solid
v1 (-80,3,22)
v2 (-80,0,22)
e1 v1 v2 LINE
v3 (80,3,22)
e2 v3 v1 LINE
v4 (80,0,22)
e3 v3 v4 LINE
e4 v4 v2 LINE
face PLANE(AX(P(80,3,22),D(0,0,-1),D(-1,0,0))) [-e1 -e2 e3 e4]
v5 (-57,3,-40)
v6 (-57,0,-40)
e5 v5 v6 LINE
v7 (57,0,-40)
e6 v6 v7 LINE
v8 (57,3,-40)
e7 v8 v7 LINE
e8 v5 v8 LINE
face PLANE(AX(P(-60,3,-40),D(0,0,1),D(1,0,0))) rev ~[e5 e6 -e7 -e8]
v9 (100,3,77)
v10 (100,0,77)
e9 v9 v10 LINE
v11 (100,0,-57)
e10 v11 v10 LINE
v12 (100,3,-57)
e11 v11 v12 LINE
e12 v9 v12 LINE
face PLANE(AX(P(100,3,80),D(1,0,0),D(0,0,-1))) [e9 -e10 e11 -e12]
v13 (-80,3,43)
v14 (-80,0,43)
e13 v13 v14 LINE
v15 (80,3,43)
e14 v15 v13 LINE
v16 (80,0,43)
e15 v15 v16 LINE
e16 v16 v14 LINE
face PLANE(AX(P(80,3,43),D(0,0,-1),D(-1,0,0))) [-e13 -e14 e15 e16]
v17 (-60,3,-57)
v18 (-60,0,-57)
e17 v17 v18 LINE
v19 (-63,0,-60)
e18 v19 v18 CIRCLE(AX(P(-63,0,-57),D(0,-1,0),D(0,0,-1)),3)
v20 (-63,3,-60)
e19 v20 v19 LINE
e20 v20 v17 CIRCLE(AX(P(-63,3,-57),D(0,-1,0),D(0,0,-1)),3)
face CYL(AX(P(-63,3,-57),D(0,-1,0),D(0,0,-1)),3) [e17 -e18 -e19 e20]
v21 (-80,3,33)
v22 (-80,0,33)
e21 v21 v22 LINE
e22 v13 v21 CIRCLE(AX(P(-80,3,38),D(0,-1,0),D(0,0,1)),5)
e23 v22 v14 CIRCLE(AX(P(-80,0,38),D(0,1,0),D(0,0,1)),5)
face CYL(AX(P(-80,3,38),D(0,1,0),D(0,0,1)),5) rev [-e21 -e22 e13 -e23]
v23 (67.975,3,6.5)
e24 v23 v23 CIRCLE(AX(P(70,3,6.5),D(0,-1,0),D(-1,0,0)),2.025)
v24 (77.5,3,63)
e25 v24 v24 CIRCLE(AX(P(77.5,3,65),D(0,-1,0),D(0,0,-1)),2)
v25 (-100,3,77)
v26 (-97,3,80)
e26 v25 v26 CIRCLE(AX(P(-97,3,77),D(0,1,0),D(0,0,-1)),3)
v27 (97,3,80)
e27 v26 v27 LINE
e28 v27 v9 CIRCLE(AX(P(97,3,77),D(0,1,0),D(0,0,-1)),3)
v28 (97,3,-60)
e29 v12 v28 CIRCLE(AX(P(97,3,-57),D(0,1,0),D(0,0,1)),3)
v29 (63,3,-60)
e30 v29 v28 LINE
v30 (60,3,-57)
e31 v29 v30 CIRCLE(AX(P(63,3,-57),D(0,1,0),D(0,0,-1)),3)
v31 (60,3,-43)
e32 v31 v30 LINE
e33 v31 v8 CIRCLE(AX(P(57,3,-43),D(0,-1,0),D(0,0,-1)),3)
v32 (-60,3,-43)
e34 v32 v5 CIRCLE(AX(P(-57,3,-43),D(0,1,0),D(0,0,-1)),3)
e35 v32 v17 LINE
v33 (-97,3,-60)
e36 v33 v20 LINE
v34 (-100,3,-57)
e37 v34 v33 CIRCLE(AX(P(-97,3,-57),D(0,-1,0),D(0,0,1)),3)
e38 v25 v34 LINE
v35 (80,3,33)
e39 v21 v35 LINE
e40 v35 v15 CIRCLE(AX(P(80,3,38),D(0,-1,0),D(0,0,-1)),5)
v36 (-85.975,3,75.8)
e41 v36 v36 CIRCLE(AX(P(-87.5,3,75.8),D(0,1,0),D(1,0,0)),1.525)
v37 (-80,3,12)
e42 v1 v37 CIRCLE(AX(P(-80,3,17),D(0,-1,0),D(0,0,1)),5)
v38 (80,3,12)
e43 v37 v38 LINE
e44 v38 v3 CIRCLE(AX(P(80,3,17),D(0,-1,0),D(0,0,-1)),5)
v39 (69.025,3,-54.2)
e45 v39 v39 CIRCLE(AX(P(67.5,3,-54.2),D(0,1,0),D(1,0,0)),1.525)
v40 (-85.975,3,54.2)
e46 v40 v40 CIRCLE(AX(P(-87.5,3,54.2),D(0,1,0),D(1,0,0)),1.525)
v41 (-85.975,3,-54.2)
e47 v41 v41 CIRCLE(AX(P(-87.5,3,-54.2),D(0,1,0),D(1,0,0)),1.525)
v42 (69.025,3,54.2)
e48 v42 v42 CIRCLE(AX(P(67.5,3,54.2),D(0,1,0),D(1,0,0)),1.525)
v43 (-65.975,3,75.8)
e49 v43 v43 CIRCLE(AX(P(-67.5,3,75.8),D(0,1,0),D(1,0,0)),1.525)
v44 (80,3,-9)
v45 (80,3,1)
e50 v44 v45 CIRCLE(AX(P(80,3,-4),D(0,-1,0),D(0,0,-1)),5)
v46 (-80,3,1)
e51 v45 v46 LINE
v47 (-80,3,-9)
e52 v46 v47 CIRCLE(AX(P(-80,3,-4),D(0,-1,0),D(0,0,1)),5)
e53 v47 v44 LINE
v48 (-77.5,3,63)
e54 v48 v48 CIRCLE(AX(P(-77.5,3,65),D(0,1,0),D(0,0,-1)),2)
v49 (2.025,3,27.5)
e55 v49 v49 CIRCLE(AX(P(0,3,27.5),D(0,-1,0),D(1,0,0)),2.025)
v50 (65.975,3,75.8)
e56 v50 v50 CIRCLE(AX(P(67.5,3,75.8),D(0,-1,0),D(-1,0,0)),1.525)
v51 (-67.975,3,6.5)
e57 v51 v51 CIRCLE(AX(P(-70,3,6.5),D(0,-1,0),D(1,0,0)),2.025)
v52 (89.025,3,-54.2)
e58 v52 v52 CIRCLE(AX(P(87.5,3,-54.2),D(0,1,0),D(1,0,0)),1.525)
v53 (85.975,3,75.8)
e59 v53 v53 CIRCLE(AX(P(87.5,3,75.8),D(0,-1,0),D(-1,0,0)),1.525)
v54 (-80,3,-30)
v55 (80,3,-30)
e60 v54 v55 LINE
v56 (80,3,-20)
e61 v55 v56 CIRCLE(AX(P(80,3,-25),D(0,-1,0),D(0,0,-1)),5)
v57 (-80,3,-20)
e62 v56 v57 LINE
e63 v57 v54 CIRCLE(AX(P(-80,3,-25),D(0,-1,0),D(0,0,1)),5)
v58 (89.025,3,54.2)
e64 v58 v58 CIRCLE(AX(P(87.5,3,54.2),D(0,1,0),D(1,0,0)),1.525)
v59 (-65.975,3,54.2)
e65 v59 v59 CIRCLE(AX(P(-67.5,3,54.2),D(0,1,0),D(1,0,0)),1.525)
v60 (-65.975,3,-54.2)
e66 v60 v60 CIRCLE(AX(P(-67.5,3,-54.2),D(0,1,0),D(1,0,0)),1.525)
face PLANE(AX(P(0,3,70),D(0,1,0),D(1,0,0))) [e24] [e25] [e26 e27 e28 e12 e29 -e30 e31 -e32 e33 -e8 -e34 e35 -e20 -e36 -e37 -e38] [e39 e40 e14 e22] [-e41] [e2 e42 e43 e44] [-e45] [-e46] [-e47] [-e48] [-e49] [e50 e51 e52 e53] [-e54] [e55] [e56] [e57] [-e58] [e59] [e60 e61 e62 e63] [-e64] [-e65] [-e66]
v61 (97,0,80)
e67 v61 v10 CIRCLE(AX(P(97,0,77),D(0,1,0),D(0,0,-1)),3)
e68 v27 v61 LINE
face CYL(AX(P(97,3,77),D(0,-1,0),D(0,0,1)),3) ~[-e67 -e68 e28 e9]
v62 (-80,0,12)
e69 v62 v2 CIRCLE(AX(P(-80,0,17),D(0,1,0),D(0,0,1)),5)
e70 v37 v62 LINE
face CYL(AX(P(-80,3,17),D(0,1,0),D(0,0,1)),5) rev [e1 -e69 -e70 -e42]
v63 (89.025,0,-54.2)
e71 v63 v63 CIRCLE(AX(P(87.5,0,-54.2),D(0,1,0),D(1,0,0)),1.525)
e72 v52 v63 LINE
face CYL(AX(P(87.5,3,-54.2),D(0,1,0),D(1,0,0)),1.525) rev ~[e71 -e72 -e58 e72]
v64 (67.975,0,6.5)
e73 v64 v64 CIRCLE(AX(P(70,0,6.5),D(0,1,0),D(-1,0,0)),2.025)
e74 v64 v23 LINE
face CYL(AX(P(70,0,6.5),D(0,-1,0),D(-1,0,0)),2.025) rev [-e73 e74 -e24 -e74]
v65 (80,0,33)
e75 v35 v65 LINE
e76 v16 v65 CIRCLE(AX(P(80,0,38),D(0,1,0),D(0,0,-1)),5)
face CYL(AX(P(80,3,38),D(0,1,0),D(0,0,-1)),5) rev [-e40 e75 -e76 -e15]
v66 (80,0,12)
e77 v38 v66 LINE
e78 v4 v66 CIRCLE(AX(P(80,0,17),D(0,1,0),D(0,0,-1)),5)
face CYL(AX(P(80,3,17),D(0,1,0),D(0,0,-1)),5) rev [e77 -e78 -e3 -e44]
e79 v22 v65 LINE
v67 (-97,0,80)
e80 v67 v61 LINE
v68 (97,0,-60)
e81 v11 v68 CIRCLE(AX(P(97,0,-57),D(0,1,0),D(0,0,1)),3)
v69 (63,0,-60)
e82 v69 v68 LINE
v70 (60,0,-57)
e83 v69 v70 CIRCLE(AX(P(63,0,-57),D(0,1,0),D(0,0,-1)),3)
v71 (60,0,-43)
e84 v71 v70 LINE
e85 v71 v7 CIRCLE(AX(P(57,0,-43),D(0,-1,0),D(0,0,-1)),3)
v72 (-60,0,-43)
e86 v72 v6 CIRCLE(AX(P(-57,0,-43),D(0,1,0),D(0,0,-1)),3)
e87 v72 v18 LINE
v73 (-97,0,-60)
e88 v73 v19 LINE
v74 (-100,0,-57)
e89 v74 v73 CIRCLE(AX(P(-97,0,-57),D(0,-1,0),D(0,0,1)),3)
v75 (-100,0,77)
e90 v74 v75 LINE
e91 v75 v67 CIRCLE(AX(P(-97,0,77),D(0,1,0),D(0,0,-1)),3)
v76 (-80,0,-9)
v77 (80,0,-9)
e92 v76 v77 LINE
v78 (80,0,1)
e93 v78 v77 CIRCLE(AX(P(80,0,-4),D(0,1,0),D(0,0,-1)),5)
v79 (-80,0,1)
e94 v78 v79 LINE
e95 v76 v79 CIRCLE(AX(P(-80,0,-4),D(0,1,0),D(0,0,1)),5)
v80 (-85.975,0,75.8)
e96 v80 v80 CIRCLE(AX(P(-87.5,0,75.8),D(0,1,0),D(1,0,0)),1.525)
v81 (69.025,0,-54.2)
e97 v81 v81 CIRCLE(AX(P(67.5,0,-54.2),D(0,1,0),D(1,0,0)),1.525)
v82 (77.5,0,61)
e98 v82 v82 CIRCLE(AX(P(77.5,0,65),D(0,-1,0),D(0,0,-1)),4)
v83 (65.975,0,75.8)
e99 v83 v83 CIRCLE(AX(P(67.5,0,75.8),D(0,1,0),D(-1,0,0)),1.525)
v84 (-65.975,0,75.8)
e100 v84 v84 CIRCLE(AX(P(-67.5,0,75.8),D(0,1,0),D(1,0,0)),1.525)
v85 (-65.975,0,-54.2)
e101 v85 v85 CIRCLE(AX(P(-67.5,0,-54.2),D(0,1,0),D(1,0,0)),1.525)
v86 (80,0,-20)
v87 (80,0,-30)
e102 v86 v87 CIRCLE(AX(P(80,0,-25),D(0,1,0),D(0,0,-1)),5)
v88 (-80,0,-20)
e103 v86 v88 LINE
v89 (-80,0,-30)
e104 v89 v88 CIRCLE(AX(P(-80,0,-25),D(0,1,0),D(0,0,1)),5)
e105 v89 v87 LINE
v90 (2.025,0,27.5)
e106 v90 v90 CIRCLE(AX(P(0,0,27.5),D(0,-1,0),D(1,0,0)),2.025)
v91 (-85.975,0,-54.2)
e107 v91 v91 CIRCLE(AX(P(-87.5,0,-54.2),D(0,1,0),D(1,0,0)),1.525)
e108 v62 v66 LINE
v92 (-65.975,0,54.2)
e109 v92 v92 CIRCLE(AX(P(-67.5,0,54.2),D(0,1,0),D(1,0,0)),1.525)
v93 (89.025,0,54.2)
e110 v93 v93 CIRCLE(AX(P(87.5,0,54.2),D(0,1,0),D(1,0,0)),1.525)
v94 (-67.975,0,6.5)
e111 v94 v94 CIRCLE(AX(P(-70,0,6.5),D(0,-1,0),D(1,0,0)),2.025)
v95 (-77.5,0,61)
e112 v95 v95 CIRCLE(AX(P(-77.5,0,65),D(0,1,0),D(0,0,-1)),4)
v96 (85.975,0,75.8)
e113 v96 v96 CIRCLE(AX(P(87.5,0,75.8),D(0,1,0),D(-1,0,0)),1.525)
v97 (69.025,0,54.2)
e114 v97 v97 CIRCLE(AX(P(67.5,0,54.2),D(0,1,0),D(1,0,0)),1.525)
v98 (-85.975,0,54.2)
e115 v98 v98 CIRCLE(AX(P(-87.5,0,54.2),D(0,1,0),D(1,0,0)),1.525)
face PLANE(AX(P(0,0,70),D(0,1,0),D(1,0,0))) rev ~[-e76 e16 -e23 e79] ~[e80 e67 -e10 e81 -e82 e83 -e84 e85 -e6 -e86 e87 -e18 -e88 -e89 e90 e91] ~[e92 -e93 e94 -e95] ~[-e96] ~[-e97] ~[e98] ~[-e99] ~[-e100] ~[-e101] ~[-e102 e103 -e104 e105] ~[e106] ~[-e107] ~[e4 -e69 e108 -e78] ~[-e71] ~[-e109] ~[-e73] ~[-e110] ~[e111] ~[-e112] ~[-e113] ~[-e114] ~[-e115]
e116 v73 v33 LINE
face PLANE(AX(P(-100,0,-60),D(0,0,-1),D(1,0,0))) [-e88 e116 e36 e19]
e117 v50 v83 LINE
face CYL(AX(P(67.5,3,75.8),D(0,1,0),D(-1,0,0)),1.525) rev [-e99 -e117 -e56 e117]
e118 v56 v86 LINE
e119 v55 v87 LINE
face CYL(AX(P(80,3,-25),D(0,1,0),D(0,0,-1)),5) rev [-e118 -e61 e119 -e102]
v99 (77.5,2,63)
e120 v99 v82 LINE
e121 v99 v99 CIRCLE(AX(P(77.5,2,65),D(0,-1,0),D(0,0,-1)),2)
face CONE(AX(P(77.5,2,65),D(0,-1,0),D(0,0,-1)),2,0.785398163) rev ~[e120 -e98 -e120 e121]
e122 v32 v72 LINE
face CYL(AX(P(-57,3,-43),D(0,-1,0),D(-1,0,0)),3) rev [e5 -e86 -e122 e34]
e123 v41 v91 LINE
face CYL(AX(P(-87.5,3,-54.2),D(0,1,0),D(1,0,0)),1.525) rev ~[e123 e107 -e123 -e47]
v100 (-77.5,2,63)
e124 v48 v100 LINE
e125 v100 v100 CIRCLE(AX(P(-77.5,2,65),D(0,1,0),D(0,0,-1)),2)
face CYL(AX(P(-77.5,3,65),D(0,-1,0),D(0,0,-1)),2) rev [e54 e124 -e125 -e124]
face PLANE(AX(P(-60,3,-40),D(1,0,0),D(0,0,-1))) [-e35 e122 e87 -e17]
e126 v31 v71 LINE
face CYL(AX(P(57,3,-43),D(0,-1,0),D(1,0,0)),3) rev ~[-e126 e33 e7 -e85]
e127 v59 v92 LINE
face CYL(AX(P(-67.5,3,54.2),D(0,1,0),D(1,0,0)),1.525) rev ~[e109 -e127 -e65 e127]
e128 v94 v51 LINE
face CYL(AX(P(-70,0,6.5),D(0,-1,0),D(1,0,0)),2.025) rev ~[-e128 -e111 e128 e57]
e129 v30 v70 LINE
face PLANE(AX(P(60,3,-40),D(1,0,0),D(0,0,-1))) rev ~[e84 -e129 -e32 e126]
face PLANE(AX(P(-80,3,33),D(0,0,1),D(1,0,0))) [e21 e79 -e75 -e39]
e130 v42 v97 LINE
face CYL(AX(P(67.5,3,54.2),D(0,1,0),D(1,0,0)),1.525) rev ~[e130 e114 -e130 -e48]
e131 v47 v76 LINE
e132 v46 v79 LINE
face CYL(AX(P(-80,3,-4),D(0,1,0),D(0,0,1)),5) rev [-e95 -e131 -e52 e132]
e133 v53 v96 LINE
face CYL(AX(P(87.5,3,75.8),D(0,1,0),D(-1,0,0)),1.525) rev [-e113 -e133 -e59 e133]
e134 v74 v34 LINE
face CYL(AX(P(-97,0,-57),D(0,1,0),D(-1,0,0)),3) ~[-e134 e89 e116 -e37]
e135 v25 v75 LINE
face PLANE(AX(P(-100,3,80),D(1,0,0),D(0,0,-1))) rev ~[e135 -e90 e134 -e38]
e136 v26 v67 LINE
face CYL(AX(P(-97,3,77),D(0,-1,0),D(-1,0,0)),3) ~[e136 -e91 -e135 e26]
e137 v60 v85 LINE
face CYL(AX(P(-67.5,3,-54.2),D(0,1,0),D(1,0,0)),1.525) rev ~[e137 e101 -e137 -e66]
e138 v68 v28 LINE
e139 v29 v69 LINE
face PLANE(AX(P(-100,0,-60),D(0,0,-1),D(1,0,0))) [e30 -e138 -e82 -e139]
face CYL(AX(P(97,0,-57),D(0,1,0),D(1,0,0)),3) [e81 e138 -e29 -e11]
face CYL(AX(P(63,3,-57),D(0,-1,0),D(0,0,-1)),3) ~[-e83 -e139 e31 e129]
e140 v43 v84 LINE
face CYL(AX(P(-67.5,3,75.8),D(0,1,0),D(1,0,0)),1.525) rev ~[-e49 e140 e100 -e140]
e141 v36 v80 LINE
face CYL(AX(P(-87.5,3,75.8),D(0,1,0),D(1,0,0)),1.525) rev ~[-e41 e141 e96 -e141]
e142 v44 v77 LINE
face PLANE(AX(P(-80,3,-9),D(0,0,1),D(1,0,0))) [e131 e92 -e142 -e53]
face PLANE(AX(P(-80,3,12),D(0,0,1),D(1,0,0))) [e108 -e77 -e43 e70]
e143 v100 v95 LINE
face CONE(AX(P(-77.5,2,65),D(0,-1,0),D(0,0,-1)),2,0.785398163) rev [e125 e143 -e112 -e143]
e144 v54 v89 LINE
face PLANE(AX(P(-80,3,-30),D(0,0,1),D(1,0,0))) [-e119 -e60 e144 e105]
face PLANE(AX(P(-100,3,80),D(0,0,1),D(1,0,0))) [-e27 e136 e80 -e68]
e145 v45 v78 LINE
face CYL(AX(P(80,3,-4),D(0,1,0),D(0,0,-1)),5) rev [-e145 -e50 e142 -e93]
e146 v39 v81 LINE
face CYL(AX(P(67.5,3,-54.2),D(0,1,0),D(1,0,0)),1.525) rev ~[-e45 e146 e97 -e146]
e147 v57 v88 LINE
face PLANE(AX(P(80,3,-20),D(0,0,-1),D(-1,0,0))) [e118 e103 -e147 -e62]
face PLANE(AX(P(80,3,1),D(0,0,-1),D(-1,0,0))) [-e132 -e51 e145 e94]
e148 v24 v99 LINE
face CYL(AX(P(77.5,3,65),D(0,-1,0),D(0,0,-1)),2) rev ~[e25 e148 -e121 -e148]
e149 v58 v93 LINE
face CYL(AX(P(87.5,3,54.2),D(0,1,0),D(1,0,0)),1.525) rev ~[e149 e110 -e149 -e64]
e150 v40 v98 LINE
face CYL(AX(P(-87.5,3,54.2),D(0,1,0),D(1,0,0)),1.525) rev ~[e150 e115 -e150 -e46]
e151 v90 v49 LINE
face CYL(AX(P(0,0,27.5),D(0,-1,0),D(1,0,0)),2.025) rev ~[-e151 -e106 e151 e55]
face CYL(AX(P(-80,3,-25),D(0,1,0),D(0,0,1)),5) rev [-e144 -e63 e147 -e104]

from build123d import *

# Parameters (mm, degrees)
SKETCH_1_W          = 200
SKETCH_1_H          = 120
EXTRUDE_1_DEPTH     = 3
SKETCH_2_R          = 1.525
CUT_EXTRUDE_1_DEPTH = 3
SKETCH_3_W          = 120
SKETCH_3_H          = 40
CUT_EXTRUDE_2_DEPTH = 3
CUT_EXTRUDE_3_DEPTH = 10
SKETCH_5_W          = 200
SKETCH_5_H          = 20
EXTRUDE_2_DEPTH     = 3
SKETCH_7_R          = 1.525
CUT_EXTRUDE_4_DEPTH = 4
SKETCH_14_R         = 2.025
CUT_EXTRUDE_5_DEPTH = 4
SKETCH_15_R         = 2.025
CUT_EXTRUDE_6_DEPTH = 4
FILLET_1_R          = 3


with BuildPart() as part:
    # 草图1 → 凸台-拉伸1 (new body)
    with BuildSketch(Plane(origin=(0, 0, 0), x_dir=(1, 0, 0), z_dir=(0, 1, 0))):
        Rectangle(SKETCH_1_W, SKETCH_1_H)
    extrude(amount=EXTRUDE_1_DEPTH)

    # 草图2 → 切除-拉伸1 (cut)
    with BuildSketch(Plane(origin=(0, 3, 0), x_dir=(1, 0, 0), z_dir=(0, 1, 0))):
        with Locations((67.5, 54.2)):
            Circle(SKETCH_2_R)
        with Locations((87.5, 54.2)):
            Circle(SKETCH_2_R)
        with Locations((67.5, -54.2)):
            Circle(SKETCH_2_R)
        with Locations((87.5, -54.2)):
            Circle(SKETCH_2_R)
        with Locations((-87.5, -54.2)):
            Circle(SKETCH_2_R)
        with Locations((-67.5, -54.2)):
            Circle(SKETCH_2_R)
        with Locations((-87.5, 54.2)):
            Circle(SKETCH_2_R)
        with Locations((-67.5, 54.2)):
            Circle(SKETCH_2_R)
    extrude(amount=-CUT_EXTRUDE_1_DEPTH, mode=Mode.SUBTRACT)

    # 草图3 → 切除-拉伸2 (cut)
    with BuildSketch(Plane(origin=(0, 3, 0), x_dir=(1, 0, 0), z_dir=(0, 1, 0))):
        with Locations((0, 60)):
            Rectangle(SKETCH_3_W, SKETCH_3_H)
    extrude(amount=-CUT_EXTRUDE_2_DEPTH, mode=Mode.SUBTRACT)

    # 草图4 → 切除-拉伸3 (cut)
    with BuildSketch(Plane(origin=(0, 3, 0), x_dir=(1, 0, 0), z_dir=(0, 1, 0))):
        with BuildLine():
            Line((-80, 30), (80, 30))
            ThreePointArc((80, 30), (85, 25), (80, 20))
            Line((80, 20), (-80, 20))
            ThreePointArc((-80, 20), (-85, 25), (-80, 30))
        make_face()
        with BuildLine():
            Line((-80, 9), (80, 9))
            ThreePointArc((80, 9), (85, 4), (80, -1))
            Line((80, -1), (-80, -1))
            ThreePointArc((-80, -1), (-85, 4), (-80, 9))
        make_face()
        with BuildLine():
            Line((-80, -12), (80, -12))
            ThreePointArc((80, -12), (85, -17), (80, -22))
            Line((80, -22), (-80, -22))
            ThreePointArc((-80, -22), (-85, -17), (-80, -12))
        make_face()
        with BuildLine():
            Line((-80, -33), (80, -33))
            ThreePointArc((80, -33), (85, -38), (80, -43))
            Line((80, -43), (-80, -43))
            ThreePointArc((-80, -43), (-85, -38), (-80, -33))
        make_face()
    extrude(amount=-CUT_EXTRUDE_3_DEPTH, mode=Mode.SUBTRACT)

    # 草图5 → 凸台-拉伸2 (add)
    with BuildSketch(Plane(origin=(0, 3, 0), x_dir=(1, 0, 0), z_dir=(0, 1, 0))):
        with Locations((0, -70)):
            Rectangle(SKETCH_5_W, SKETCH_5_H)
    extrude(amount=-EXTRUDE_2_DEPTH)

    # 草图7 → 切除-拉伸4 (cut, through all)
    with BuildSketch(Plane(origin=(0, 3, 0), x_dir=(1, 0, 0), z_dir=(0, 1, 0))):
        with Locations((-87.5, -75.8)):
            Circle(SKETCH_7_R)
        with Locations((-67.5, -75.8)):
            Circle(SKETCH_7_R)
    cut_extrude_4 = extrude(amount=-CUT_EXTRUDE_4_DEPTH, mode=Mode.SUBTRACT)

    # 镜向1: 切除-拉伸4 across plane
    add(cut_extrude_4.mirror(Plane(origin=(0, 0, 0), x_dir=(0, 0, 1), z_dir=(1, 0, 0))), mode=Mode.SUBTRACT)

    # 草图12 → 孔2 (revolve, cut)
    with BuildSketch(Plane(origin=(-77.5, 0, 65), x_dir=(0, 0, -1), z_dir=(1, 0, 0))):
        Polygon((0, 0), (0, 3), (2, 3), (2, 2), (4, 0), align=None)
    hole_wizard_2 = revolve(axis=Axis((-77.5, -6.445314094, 65), (0, 1, 0)), mode=Mode.SUBTRACT)

    # 镜向3: 孔2 across plane
    add(hole_wizard_2.mirror(Plane(origin=(0, 0, 0), x_dir=(0, 0, 1), z_dir=(1, 0, 0))), mode=Mode.SUBTRACT)

    # 草图14 → 切除-拉伸5 (cut, through all)
    with BuildSketch(Plane.XZ):
        with Locations((-70, 6.5)):
            Circle(SKETCH_14_R)
    cut_extrude_5 = extrude(amount=-CUT_EXTRUDE_5_DEPTH, mode=Mode.SUBTRACT)

    # 镜向4: 切除-拉伸5 across plane
    add(cut_extrude_5.mirror(Plane(origin=(0, 0, 0), x_dir=(0, 0, 1), z_dir=(1, 0, 0))), mode=Mode.SUBTRACT)

    # 草图15 → 切除-拉伸6 (cut, through all)
    with BuildSketch(Plane.XZ):
        with Locations((0, 27.5)):
            Circle(SKETCH_15_R)
    extrude(amount=-CUT_EXTRUDE_6_DEPTH, mode=Mode.SUBTRACT)

    # 圆角1
    fillet_1_edges = [part.edges().sort_by_distance(p)[0] for p in [
        (-100, 1.5, 80),
        (100, 1.5, 80),
        (60, 1.5, -60),
        (-60, 1.5, -60),
        (-60, 1.5, -40),
        (60, 1.5, -40),
        (-100, 1.5, -60),
        (100, 1.5, -60),
    ]]
    fillet(fillet_1_edges, radius=FILLET_1_R)


solid = part.part
